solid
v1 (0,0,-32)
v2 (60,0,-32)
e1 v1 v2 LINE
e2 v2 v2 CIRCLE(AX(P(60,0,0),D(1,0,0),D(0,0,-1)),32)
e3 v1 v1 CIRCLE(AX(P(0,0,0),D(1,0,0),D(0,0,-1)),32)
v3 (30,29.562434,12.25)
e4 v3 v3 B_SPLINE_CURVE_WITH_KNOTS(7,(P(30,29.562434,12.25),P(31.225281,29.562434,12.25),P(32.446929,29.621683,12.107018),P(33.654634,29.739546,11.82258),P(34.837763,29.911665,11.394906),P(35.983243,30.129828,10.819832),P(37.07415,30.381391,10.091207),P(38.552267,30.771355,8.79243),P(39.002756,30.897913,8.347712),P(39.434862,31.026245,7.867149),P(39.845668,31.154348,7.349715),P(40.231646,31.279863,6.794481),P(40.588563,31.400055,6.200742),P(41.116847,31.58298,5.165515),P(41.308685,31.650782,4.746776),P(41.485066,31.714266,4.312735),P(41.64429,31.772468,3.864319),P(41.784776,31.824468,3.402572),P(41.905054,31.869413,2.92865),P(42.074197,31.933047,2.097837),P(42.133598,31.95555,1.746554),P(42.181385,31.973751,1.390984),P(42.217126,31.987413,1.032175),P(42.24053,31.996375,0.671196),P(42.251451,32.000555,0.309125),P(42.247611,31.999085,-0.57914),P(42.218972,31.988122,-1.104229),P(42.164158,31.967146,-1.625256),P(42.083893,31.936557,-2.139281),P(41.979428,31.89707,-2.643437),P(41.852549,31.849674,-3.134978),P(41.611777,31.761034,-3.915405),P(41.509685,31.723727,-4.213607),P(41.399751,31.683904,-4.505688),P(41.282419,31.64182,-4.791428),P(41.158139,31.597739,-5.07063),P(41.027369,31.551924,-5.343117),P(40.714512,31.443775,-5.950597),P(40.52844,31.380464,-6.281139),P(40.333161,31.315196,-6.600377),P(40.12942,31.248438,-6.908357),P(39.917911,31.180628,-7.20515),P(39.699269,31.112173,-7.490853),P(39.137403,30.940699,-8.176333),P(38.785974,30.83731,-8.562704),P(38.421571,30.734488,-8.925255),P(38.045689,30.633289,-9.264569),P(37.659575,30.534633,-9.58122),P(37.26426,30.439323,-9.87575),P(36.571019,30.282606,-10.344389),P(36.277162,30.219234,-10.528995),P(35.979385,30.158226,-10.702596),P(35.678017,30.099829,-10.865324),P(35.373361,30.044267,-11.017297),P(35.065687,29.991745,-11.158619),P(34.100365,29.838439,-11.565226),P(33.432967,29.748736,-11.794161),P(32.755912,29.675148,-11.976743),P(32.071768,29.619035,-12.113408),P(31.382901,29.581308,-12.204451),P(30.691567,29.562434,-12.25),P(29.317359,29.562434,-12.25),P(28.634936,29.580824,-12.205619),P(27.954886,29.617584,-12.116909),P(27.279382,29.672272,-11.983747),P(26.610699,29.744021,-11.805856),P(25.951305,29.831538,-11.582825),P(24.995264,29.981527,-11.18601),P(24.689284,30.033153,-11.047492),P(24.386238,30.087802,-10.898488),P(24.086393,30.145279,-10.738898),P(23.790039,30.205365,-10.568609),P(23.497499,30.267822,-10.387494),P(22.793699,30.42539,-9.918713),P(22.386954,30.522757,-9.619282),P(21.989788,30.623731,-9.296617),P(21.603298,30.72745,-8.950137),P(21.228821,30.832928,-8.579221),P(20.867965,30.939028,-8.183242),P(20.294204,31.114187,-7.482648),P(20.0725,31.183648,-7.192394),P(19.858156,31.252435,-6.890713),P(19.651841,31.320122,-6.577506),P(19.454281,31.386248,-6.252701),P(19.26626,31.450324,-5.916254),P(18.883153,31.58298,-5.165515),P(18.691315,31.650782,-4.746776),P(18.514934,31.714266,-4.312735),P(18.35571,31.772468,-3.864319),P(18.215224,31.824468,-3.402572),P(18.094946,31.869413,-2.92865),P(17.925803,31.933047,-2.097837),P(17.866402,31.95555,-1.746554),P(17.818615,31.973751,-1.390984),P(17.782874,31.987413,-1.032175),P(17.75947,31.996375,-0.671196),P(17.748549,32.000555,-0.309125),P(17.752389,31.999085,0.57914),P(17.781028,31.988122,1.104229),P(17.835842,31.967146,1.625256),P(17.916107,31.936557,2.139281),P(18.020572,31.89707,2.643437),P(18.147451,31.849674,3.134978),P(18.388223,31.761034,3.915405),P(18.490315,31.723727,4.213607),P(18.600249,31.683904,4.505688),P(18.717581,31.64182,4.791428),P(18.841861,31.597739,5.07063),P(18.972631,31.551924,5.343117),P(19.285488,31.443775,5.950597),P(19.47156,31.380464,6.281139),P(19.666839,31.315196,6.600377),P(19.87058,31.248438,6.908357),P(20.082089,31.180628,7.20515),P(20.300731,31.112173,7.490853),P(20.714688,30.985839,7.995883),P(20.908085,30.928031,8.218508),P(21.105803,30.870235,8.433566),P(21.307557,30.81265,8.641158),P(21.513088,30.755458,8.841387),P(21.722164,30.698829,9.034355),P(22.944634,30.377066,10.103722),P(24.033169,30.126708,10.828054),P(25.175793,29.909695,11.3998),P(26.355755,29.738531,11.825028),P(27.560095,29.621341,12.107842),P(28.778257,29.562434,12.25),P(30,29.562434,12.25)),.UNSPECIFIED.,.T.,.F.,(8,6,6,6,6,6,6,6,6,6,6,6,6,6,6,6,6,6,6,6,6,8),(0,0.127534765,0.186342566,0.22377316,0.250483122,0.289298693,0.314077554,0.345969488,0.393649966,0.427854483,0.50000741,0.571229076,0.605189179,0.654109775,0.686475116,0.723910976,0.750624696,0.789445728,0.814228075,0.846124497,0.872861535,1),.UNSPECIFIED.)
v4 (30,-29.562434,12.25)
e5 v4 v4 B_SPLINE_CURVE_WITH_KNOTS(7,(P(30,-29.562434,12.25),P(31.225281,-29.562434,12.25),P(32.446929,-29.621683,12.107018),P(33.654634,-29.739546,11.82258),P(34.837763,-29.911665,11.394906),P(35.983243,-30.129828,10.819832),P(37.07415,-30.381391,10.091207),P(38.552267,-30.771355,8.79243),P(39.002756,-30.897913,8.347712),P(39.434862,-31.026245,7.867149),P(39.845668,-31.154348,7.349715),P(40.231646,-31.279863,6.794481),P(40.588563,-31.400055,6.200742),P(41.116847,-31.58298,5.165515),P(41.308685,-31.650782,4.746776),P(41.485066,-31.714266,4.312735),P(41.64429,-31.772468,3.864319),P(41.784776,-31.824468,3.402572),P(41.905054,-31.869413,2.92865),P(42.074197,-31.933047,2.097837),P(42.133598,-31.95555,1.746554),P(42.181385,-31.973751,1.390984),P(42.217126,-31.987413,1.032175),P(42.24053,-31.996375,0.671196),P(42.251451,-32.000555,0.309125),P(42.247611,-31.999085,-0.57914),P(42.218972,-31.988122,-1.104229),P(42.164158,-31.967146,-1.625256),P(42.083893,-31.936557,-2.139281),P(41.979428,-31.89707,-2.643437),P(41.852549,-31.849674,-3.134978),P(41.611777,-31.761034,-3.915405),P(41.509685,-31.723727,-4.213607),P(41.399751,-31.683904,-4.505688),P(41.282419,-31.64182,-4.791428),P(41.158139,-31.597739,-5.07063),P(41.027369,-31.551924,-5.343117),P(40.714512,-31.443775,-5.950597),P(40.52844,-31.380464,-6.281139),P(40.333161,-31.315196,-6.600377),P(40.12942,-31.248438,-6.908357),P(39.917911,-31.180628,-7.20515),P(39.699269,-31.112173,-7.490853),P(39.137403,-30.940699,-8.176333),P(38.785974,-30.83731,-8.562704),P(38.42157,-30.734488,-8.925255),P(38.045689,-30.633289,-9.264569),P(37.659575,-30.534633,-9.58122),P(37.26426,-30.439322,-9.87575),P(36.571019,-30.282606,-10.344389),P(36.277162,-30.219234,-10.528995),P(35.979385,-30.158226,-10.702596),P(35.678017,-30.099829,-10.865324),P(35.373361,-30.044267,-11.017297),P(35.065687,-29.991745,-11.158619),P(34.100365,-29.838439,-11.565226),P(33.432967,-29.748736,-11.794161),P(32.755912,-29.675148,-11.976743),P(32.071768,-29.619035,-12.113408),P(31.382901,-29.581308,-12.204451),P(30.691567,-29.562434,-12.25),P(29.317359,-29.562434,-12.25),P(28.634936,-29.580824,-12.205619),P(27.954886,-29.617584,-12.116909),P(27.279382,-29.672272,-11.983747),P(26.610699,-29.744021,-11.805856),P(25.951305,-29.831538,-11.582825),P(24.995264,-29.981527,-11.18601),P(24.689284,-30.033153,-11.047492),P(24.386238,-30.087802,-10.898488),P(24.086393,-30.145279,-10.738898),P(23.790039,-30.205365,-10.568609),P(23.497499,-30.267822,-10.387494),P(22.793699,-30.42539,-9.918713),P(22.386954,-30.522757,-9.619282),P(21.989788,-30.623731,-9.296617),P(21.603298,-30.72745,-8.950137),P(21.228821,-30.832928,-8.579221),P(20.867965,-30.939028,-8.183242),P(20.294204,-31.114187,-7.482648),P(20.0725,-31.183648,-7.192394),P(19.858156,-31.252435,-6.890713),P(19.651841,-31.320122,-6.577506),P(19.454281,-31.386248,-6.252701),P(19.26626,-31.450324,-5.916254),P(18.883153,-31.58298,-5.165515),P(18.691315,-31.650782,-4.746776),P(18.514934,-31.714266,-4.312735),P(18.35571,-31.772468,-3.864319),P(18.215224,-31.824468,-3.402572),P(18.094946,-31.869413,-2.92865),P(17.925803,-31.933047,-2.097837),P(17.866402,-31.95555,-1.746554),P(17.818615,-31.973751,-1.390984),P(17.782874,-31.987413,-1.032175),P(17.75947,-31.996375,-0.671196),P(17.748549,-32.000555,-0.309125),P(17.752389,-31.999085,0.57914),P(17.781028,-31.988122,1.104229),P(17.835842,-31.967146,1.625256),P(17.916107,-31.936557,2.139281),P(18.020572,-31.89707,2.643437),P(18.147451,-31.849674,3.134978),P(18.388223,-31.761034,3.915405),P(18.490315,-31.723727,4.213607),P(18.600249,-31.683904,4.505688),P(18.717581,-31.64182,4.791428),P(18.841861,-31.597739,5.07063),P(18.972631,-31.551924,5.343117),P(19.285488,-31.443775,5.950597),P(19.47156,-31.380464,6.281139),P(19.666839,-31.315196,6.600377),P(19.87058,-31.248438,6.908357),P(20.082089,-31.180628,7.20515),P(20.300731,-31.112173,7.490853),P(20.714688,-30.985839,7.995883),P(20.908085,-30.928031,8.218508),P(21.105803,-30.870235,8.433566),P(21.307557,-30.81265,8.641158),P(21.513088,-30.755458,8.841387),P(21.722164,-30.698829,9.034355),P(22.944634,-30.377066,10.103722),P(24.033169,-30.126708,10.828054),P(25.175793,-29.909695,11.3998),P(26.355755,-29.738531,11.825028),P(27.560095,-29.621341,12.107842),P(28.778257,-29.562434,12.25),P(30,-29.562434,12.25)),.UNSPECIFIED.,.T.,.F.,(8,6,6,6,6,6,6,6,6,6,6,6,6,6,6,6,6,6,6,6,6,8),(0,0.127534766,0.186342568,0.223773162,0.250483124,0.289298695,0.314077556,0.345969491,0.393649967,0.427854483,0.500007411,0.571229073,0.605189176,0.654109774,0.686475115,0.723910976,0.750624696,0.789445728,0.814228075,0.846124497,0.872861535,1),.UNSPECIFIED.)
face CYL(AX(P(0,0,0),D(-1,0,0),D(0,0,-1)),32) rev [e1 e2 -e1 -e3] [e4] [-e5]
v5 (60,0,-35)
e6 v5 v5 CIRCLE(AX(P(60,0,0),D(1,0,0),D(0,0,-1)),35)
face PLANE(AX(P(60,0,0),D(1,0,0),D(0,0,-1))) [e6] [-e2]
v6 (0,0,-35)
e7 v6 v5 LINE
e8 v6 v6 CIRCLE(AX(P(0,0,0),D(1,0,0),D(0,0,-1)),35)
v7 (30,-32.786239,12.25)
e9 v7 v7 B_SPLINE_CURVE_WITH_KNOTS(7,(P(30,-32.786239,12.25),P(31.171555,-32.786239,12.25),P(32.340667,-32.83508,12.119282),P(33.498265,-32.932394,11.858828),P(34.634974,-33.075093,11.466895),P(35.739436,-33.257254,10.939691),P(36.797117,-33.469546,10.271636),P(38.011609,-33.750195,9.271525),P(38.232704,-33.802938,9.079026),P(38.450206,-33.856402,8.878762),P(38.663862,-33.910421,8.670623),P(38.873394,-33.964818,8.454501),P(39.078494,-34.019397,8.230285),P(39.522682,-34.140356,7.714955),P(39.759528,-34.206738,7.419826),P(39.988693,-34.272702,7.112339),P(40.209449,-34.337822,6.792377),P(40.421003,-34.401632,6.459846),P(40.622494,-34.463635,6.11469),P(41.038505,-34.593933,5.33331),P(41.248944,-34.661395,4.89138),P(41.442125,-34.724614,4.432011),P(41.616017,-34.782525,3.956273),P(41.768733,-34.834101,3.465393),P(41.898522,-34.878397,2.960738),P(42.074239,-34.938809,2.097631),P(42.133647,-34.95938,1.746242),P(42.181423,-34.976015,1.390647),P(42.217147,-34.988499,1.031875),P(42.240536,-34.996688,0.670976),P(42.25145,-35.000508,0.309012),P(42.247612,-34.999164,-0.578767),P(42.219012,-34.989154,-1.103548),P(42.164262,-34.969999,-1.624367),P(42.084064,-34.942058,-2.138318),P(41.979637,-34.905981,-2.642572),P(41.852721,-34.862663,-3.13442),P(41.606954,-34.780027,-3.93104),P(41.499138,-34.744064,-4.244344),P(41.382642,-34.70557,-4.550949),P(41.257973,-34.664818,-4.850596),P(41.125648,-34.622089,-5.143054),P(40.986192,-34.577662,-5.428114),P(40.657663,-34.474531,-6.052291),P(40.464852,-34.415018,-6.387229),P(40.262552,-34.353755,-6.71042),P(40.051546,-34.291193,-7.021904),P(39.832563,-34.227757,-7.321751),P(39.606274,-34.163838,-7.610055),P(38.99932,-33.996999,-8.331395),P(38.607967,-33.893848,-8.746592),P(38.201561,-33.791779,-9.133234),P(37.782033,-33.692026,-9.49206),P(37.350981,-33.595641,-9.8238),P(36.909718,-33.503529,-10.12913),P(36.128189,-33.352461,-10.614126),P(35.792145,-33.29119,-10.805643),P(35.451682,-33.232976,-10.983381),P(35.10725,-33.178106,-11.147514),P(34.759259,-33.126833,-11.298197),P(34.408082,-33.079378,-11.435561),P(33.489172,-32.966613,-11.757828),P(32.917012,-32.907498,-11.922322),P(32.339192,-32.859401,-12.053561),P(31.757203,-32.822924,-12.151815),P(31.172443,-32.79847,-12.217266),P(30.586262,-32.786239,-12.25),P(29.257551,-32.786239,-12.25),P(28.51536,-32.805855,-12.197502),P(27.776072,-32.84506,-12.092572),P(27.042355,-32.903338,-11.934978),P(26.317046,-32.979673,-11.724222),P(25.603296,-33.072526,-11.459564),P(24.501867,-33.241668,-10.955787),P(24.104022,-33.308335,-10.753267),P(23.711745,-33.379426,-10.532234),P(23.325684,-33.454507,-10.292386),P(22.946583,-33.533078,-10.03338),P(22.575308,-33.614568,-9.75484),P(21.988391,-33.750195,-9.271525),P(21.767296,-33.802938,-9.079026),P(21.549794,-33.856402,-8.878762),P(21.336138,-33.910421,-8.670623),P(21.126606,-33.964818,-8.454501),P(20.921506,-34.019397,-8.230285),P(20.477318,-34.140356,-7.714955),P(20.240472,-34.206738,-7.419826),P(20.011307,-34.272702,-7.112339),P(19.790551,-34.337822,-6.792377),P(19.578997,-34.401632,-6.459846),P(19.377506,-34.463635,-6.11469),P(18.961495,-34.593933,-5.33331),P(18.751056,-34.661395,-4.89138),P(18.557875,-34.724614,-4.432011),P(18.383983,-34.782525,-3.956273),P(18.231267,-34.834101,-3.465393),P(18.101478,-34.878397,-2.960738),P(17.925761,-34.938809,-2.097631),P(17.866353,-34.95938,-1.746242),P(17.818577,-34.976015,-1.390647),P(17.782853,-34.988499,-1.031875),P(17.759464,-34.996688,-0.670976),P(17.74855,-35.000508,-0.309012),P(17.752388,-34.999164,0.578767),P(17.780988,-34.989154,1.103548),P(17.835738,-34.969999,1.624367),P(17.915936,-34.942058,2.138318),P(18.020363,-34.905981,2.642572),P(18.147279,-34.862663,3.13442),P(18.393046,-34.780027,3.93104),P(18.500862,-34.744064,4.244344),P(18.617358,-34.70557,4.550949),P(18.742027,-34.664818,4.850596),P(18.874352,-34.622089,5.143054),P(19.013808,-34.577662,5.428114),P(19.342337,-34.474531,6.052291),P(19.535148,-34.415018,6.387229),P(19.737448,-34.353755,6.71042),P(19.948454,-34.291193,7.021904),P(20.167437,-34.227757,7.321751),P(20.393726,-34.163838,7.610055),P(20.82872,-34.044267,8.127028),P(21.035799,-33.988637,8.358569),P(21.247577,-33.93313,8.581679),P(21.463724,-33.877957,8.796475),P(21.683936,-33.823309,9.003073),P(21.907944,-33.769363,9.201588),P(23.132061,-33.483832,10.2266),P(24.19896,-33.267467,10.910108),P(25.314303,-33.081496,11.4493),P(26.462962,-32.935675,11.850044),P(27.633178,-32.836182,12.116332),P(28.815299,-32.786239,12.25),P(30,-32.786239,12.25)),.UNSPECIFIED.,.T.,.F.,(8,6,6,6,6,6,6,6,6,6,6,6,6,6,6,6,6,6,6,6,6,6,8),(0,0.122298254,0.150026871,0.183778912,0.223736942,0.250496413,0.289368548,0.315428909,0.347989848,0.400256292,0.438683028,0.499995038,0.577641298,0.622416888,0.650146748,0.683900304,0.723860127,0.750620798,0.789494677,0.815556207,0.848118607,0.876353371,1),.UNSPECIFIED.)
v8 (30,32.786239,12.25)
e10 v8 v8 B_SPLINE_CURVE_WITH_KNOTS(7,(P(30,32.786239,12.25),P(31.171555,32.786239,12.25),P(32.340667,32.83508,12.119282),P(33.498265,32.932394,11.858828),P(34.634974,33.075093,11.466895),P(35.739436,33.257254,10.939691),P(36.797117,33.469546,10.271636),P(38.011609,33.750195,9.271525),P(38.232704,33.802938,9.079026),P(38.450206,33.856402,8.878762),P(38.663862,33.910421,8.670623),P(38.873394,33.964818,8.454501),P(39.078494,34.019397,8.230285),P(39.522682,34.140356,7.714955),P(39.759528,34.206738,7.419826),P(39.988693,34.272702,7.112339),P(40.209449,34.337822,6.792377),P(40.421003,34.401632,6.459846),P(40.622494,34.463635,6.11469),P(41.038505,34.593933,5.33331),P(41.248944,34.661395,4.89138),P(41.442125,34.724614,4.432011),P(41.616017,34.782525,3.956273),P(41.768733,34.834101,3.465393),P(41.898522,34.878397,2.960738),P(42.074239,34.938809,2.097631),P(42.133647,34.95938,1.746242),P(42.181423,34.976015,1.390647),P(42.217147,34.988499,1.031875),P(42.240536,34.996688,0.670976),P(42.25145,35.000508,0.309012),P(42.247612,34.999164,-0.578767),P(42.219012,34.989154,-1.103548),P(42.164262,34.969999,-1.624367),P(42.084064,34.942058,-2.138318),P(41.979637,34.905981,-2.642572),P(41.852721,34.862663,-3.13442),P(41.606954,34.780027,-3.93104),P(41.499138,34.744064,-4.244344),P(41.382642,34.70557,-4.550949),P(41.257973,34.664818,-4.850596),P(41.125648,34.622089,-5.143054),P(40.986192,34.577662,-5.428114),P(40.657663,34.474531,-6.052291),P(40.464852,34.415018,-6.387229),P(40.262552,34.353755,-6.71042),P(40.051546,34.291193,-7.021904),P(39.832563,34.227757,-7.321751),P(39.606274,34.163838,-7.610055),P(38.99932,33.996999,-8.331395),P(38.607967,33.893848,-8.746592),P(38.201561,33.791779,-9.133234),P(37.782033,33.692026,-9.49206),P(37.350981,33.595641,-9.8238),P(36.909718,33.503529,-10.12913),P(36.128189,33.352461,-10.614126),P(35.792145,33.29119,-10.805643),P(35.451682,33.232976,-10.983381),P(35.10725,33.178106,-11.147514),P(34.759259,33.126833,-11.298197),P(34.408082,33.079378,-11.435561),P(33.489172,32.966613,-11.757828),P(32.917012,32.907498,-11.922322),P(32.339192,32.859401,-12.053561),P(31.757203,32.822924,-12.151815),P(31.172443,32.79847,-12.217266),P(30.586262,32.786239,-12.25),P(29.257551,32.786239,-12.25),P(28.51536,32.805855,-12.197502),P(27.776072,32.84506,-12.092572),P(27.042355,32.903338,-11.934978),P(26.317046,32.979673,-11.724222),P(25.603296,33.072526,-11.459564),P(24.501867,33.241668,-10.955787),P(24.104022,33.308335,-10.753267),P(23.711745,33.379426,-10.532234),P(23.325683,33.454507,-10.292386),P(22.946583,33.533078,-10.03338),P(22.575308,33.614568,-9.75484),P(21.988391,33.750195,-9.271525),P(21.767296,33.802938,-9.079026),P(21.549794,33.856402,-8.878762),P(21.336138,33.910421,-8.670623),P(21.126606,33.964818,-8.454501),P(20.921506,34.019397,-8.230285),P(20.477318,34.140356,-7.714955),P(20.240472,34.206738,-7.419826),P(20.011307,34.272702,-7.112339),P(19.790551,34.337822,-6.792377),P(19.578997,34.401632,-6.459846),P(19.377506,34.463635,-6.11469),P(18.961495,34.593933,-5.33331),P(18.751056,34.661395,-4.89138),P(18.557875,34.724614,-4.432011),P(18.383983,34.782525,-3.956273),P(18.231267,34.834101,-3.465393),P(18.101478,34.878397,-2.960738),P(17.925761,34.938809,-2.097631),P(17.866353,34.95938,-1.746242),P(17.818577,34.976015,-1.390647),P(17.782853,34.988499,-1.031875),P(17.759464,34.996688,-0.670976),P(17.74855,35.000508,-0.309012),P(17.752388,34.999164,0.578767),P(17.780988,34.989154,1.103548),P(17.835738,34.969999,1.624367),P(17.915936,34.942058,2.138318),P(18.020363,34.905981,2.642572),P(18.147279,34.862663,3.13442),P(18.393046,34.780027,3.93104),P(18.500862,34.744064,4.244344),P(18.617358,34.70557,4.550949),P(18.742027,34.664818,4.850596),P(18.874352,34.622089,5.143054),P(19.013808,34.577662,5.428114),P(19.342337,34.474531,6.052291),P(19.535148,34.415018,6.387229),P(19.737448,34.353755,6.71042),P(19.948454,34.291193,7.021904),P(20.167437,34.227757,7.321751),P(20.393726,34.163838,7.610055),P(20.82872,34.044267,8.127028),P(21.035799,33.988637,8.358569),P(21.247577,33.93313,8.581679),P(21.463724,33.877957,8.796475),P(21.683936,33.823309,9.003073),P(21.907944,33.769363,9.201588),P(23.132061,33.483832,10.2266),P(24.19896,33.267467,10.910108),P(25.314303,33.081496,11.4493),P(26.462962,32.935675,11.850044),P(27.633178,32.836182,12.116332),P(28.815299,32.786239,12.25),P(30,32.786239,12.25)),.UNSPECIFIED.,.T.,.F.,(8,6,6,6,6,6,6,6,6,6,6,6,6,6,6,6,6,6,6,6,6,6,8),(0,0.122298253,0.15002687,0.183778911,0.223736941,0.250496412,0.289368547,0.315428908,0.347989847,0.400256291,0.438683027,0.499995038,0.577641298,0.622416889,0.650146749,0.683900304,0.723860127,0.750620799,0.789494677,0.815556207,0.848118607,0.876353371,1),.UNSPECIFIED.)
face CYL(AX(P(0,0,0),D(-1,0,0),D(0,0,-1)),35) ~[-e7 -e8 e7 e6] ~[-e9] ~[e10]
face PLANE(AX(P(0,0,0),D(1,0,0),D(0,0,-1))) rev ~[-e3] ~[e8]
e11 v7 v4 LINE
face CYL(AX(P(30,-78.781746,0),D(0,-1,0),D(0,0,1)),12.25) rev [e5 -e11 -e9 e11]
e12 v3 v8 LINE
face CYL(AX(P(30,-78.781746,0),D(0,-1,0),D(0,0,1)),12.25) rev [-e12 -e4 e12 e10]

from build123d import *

# Parameters (mm, degrees)
SKETCH1_R               = 35
SKETCH1_R_2             = 32
BOSS_EXTRUDE1_DEPTH     = 60
CUT_EXTRUDE1_DEPTH      = 78.781745931
CUT_EXTRUDE1_DEPTH_BACK = 78.781745931
SKETCH2_R               = 12.25


with BuildPart() as part:
    # Sketch1 → Boss-Extrude1 (new body)
    with BuildSketch(Plane(origin=(0, 0, 0), x_dir=(0, 0, -1), z_dir=(1, 0, 0))):
        Circle(SKETCH1_R)
        Circle(SKETCH1_R_2, mode=Mode.SUBTRACT)
    extrude(amount=BOSS_EXTRUDE1_DEPTH)

    # Sketch2 → Cut-Extrude1 (cut, two sides: drawn at the far end of the back side and taken through both)
    with BuildSketch(Plane(origin=(0, 0, 0), x_dir=(1, 0, 0), z_dir=(0, 1, 0)).offset(-CUT_EXTRUDE1_DEPTH_BACK)):
        with Locations(Location((30, 0, 0), (0, 0, 270))):
            Circle(SKETCH2_R)
    extrude(amount=CUT_EXTRUDE1_DEPTH + CUT_EXTRUDE1_DEPTH_BACK, mode=Mode.SUBTRACT)


solid = part.part
